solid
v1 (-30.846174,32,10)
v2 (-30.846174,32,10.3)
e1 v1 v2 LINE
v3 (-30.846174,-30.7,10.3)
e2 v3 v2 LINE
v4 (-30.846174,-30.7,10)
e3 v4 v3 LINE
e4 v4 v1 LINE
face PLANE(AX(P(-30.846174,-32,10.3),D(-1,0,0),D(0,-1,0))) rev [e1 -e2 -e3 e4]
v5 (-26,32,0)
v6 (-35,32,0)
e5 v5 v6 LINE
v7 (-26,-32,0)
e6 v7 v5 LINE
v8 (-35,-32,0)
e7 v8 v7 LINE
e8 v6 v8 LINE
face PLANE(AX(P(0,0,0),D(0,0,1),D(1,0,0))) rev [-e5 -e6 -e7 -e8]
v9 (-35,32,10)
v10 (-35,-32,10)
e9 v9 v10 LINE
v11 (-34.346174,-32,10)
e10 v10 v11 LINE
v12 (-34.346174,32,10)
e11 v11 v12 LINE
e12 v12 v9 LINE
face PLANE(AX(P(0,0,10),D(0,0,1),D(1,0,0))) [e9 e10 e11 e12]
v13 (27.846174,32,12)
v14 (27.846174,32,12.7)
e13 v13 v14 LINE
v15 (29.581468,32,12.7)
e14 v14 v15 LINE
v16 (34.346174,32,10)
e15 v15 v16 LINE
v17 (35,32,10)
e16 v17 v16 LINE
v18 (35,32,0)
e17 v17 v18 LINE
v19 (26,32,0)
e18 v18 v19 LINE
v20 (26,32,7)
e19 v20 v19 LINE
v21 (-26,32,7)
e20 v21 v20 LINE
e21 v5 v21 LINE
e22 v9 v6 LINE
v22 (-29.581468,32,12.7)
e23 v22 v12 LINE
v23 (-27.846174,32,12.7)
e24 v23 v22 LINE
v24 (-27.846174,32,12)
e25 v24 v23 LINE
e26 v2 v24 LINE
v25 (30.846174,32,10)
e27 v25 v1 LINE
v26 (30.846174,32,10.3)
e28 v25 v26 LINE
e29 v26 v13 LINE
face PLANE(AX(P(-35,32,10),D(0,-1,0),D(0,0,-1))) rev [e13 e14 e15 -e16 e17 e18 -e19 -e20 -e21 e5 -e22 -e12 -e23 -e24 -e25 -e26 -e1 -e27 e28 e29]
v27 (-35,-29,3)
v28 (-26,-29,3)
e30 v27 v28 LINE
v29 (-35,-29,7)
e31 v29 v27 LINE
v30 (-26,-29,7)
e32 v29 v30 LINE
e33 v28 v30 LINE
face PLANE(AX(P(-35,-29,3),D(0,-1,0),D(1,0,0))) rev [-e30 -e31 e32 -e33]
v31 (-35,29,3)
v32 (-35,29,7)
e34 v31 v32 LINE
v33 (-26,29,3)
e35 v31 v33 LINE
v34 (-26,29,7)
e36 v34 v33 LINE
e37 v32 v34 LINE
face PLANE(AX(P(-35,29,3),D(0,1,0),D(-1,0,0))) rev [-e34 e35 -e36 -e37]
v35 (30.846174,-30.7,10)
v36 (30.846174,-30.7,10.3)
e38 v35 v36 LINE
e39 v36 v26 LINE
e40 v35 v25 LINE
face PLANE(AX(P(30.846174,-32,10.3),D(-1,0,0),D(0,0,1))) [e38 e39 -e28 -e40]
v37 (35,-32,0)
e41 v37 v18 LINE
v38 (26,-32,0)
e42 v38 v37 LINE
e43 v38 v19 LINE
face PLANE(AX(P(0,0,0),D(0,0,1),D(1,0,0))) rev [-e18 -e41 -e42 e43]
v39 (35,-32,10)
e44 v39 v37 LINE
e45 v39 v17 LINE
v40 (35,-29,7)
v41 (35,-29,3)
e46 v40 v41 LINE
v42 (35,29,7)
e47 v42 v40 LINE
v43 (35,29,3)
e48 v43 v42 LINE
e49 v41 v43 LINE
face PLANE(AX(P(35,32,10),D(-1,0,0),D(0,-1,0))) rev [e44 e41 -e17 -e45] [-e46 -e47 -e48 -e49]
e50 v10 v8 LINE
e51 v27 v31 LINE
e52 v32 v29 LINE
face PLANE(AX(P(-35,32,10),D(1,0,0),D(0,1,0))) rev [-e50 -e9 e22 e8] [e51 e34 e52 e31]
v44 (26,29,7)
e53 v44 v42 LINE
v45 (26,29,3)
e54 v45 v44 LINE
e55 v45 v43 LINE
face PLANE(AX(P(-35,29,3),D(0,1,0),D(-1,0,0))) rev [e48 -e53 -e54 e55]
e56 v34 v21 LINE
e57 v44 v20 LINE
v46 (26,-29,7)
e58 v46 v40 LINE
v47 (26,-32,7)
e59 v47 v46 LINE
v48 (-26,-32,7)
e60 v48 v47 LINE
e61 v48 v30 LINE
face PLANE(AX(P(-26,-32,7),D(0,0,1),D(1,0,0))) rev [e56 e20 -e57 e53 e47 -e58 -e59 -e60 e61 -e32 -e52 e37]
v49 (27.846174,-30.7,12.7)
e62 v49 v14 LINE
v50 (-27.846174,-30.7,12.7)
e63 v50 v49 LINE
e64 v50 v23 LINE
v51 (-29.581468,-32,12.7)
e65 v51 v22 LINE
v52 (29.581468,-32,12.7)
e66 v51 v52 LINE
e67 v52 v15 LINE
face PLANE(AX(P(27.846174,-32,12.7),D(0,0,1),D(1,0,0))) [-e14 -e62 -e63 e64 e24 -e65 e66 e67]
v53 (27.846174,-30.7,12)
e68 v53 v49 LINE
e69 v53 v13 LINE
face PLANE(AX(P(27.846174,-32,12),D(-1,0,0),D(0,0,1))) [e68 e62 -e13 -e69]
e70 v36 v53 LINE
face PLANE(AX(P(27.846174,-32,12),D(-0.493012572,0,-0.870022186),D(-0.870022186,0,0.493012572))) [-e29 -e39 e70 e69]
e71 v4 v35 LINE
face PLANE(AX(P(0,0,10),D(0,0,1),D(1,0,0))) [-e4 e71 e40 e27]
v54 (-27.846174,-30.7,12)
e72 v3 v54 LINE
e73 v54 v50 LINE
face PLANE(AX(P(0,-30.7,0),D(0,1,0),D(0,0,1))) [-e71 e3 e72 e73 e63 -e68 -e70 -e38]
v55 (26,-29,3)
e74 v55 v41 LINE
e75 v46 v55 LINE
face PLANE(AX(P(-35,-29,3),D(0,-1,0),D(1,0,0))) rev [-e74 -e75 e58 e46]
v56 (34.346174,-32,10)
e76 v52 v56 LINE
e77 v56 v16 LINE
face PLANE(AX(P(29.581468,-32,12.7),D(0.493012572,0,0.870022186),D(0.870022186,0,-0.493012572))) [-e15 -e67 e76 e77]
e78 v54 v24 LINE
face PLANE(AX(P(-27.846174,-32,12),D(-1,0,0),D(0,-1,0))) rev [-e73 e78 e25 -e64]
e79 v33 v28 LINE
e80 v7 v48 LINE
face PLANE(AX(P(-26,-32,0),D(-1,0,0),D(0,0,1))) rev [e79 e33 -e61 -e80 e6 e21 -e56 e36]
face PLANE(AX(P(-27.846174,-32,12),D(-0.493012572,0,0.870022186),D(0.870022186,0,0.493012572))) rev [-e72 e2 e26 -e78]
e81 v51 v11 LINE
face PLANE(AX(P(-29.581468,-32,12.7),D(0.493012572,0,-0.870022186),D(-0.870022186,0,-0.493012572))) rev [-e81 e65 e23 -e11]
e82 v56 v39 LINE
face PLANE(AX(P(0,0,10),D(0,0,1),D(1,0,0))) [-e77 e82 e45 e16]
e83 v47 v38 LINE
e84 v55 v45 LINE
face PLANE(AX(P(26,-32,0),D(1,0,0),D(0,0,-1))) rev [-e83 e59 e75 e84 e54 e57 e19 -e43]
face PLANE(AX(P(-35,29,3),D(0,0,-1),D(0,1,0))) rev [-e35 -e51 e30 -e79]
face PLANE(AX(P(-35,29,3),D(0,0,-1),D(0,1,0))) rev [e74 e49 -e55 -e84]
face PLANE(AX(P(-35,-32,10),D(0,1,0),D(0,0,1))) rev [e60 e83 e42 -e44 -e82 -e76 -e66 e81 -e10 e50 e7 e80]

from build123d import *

# Parameters (mm, degrees)
SKETCH1_W           = 70
SKETCH1_H           = 64
BOSS_EXTRUDE1_DEPTH = 10
BOSS_EXTRUDE2_DEPTH = 64
BOSS_EXTRUDE3_DEPTH = 1.3
SKETCH5_W           = 52
SKETCH5_H           = 7
CUT_EXTRUDE1_DEPTH  = 75.042487803
SKETCH6_W           = 4
SKETCH6_H           = 58
CUT_EXTRUDE2_DEPTH  = 79.008268792


with BuildPart() as part:
    # Sketch1 → Boss-Extrude1 (new body)
    with BuildSketch(Plane.XY):
        Rectangle(SKETCH1_W, SKETCH1_H)
    extrude(amount=BOSS_EXTRUDE1_DEPTH)

    # Sketch2 → Boss-Extrude2 (add, through all)
    with BuildSketch(Plane(origin=(0, 32, 0), x_dir=(1, 0, 0), z_dir=(0, 1, 0))):
        Polygon((27.84617358, -12.7), (29.581467698, -12.7), (34.34617358, -10), (30.84617358, -10), (30.84617358, -10.3), (27.84617358, -12), align=None)
    boss_extrude2 = extrude(amount=-BOSS_EXTRUDE2_DEPTH)

    # Mirror1: Boss-Extrude2 across plane
    add(boss_extrude2.mirror(Plane.ZY))

    # Sketch3 → Boss-Extrude3 (add)
    with BuildSketch(Plane.XZ.offset(32)):
        Polygon((-27.84617358, 12), (-27.84617358, 12.7), (27.84617358, 12.7), (27.84617358, 12), (30.84617358, 10.3), (30.84617358, 10), (-30.84617358, 10), (-30.84617358, 10.3), align=None)
    extrude(amount=-BOSS_EXTRUDE3_DEPTH)

    # Sketch5 → Cut-Extrude1 (cut, through all)
    with BuildSketch(Plane(origin=(0, 32, 0), x_dir=(1, 0, 0), z_dir=(0, 1, 0))):
        with Locations((0, -3.5)):
            Rectangle(SKETCH5_W, SKETCH5_H)
    extrude(amount=-CUT_EXTRUDE1_DEPTH, mode=Mode.SUBTRACT)

    # Sketch6 → Cut-Extrude2 (cut, through all)
    with BuildSketch(Plane(origin=(35, 0, 0), x_dir=(0, 0, -1), z_dir=(1, 0, 0))):
        with Locations((-5, 0)):
            Rectangle(SKETCH6_W, SKETCH6_H)
    extrude(amount=-CUT_EXTRUDE2_DEPTH, mode=Mode.SUBTRACT)


solid = part.part
